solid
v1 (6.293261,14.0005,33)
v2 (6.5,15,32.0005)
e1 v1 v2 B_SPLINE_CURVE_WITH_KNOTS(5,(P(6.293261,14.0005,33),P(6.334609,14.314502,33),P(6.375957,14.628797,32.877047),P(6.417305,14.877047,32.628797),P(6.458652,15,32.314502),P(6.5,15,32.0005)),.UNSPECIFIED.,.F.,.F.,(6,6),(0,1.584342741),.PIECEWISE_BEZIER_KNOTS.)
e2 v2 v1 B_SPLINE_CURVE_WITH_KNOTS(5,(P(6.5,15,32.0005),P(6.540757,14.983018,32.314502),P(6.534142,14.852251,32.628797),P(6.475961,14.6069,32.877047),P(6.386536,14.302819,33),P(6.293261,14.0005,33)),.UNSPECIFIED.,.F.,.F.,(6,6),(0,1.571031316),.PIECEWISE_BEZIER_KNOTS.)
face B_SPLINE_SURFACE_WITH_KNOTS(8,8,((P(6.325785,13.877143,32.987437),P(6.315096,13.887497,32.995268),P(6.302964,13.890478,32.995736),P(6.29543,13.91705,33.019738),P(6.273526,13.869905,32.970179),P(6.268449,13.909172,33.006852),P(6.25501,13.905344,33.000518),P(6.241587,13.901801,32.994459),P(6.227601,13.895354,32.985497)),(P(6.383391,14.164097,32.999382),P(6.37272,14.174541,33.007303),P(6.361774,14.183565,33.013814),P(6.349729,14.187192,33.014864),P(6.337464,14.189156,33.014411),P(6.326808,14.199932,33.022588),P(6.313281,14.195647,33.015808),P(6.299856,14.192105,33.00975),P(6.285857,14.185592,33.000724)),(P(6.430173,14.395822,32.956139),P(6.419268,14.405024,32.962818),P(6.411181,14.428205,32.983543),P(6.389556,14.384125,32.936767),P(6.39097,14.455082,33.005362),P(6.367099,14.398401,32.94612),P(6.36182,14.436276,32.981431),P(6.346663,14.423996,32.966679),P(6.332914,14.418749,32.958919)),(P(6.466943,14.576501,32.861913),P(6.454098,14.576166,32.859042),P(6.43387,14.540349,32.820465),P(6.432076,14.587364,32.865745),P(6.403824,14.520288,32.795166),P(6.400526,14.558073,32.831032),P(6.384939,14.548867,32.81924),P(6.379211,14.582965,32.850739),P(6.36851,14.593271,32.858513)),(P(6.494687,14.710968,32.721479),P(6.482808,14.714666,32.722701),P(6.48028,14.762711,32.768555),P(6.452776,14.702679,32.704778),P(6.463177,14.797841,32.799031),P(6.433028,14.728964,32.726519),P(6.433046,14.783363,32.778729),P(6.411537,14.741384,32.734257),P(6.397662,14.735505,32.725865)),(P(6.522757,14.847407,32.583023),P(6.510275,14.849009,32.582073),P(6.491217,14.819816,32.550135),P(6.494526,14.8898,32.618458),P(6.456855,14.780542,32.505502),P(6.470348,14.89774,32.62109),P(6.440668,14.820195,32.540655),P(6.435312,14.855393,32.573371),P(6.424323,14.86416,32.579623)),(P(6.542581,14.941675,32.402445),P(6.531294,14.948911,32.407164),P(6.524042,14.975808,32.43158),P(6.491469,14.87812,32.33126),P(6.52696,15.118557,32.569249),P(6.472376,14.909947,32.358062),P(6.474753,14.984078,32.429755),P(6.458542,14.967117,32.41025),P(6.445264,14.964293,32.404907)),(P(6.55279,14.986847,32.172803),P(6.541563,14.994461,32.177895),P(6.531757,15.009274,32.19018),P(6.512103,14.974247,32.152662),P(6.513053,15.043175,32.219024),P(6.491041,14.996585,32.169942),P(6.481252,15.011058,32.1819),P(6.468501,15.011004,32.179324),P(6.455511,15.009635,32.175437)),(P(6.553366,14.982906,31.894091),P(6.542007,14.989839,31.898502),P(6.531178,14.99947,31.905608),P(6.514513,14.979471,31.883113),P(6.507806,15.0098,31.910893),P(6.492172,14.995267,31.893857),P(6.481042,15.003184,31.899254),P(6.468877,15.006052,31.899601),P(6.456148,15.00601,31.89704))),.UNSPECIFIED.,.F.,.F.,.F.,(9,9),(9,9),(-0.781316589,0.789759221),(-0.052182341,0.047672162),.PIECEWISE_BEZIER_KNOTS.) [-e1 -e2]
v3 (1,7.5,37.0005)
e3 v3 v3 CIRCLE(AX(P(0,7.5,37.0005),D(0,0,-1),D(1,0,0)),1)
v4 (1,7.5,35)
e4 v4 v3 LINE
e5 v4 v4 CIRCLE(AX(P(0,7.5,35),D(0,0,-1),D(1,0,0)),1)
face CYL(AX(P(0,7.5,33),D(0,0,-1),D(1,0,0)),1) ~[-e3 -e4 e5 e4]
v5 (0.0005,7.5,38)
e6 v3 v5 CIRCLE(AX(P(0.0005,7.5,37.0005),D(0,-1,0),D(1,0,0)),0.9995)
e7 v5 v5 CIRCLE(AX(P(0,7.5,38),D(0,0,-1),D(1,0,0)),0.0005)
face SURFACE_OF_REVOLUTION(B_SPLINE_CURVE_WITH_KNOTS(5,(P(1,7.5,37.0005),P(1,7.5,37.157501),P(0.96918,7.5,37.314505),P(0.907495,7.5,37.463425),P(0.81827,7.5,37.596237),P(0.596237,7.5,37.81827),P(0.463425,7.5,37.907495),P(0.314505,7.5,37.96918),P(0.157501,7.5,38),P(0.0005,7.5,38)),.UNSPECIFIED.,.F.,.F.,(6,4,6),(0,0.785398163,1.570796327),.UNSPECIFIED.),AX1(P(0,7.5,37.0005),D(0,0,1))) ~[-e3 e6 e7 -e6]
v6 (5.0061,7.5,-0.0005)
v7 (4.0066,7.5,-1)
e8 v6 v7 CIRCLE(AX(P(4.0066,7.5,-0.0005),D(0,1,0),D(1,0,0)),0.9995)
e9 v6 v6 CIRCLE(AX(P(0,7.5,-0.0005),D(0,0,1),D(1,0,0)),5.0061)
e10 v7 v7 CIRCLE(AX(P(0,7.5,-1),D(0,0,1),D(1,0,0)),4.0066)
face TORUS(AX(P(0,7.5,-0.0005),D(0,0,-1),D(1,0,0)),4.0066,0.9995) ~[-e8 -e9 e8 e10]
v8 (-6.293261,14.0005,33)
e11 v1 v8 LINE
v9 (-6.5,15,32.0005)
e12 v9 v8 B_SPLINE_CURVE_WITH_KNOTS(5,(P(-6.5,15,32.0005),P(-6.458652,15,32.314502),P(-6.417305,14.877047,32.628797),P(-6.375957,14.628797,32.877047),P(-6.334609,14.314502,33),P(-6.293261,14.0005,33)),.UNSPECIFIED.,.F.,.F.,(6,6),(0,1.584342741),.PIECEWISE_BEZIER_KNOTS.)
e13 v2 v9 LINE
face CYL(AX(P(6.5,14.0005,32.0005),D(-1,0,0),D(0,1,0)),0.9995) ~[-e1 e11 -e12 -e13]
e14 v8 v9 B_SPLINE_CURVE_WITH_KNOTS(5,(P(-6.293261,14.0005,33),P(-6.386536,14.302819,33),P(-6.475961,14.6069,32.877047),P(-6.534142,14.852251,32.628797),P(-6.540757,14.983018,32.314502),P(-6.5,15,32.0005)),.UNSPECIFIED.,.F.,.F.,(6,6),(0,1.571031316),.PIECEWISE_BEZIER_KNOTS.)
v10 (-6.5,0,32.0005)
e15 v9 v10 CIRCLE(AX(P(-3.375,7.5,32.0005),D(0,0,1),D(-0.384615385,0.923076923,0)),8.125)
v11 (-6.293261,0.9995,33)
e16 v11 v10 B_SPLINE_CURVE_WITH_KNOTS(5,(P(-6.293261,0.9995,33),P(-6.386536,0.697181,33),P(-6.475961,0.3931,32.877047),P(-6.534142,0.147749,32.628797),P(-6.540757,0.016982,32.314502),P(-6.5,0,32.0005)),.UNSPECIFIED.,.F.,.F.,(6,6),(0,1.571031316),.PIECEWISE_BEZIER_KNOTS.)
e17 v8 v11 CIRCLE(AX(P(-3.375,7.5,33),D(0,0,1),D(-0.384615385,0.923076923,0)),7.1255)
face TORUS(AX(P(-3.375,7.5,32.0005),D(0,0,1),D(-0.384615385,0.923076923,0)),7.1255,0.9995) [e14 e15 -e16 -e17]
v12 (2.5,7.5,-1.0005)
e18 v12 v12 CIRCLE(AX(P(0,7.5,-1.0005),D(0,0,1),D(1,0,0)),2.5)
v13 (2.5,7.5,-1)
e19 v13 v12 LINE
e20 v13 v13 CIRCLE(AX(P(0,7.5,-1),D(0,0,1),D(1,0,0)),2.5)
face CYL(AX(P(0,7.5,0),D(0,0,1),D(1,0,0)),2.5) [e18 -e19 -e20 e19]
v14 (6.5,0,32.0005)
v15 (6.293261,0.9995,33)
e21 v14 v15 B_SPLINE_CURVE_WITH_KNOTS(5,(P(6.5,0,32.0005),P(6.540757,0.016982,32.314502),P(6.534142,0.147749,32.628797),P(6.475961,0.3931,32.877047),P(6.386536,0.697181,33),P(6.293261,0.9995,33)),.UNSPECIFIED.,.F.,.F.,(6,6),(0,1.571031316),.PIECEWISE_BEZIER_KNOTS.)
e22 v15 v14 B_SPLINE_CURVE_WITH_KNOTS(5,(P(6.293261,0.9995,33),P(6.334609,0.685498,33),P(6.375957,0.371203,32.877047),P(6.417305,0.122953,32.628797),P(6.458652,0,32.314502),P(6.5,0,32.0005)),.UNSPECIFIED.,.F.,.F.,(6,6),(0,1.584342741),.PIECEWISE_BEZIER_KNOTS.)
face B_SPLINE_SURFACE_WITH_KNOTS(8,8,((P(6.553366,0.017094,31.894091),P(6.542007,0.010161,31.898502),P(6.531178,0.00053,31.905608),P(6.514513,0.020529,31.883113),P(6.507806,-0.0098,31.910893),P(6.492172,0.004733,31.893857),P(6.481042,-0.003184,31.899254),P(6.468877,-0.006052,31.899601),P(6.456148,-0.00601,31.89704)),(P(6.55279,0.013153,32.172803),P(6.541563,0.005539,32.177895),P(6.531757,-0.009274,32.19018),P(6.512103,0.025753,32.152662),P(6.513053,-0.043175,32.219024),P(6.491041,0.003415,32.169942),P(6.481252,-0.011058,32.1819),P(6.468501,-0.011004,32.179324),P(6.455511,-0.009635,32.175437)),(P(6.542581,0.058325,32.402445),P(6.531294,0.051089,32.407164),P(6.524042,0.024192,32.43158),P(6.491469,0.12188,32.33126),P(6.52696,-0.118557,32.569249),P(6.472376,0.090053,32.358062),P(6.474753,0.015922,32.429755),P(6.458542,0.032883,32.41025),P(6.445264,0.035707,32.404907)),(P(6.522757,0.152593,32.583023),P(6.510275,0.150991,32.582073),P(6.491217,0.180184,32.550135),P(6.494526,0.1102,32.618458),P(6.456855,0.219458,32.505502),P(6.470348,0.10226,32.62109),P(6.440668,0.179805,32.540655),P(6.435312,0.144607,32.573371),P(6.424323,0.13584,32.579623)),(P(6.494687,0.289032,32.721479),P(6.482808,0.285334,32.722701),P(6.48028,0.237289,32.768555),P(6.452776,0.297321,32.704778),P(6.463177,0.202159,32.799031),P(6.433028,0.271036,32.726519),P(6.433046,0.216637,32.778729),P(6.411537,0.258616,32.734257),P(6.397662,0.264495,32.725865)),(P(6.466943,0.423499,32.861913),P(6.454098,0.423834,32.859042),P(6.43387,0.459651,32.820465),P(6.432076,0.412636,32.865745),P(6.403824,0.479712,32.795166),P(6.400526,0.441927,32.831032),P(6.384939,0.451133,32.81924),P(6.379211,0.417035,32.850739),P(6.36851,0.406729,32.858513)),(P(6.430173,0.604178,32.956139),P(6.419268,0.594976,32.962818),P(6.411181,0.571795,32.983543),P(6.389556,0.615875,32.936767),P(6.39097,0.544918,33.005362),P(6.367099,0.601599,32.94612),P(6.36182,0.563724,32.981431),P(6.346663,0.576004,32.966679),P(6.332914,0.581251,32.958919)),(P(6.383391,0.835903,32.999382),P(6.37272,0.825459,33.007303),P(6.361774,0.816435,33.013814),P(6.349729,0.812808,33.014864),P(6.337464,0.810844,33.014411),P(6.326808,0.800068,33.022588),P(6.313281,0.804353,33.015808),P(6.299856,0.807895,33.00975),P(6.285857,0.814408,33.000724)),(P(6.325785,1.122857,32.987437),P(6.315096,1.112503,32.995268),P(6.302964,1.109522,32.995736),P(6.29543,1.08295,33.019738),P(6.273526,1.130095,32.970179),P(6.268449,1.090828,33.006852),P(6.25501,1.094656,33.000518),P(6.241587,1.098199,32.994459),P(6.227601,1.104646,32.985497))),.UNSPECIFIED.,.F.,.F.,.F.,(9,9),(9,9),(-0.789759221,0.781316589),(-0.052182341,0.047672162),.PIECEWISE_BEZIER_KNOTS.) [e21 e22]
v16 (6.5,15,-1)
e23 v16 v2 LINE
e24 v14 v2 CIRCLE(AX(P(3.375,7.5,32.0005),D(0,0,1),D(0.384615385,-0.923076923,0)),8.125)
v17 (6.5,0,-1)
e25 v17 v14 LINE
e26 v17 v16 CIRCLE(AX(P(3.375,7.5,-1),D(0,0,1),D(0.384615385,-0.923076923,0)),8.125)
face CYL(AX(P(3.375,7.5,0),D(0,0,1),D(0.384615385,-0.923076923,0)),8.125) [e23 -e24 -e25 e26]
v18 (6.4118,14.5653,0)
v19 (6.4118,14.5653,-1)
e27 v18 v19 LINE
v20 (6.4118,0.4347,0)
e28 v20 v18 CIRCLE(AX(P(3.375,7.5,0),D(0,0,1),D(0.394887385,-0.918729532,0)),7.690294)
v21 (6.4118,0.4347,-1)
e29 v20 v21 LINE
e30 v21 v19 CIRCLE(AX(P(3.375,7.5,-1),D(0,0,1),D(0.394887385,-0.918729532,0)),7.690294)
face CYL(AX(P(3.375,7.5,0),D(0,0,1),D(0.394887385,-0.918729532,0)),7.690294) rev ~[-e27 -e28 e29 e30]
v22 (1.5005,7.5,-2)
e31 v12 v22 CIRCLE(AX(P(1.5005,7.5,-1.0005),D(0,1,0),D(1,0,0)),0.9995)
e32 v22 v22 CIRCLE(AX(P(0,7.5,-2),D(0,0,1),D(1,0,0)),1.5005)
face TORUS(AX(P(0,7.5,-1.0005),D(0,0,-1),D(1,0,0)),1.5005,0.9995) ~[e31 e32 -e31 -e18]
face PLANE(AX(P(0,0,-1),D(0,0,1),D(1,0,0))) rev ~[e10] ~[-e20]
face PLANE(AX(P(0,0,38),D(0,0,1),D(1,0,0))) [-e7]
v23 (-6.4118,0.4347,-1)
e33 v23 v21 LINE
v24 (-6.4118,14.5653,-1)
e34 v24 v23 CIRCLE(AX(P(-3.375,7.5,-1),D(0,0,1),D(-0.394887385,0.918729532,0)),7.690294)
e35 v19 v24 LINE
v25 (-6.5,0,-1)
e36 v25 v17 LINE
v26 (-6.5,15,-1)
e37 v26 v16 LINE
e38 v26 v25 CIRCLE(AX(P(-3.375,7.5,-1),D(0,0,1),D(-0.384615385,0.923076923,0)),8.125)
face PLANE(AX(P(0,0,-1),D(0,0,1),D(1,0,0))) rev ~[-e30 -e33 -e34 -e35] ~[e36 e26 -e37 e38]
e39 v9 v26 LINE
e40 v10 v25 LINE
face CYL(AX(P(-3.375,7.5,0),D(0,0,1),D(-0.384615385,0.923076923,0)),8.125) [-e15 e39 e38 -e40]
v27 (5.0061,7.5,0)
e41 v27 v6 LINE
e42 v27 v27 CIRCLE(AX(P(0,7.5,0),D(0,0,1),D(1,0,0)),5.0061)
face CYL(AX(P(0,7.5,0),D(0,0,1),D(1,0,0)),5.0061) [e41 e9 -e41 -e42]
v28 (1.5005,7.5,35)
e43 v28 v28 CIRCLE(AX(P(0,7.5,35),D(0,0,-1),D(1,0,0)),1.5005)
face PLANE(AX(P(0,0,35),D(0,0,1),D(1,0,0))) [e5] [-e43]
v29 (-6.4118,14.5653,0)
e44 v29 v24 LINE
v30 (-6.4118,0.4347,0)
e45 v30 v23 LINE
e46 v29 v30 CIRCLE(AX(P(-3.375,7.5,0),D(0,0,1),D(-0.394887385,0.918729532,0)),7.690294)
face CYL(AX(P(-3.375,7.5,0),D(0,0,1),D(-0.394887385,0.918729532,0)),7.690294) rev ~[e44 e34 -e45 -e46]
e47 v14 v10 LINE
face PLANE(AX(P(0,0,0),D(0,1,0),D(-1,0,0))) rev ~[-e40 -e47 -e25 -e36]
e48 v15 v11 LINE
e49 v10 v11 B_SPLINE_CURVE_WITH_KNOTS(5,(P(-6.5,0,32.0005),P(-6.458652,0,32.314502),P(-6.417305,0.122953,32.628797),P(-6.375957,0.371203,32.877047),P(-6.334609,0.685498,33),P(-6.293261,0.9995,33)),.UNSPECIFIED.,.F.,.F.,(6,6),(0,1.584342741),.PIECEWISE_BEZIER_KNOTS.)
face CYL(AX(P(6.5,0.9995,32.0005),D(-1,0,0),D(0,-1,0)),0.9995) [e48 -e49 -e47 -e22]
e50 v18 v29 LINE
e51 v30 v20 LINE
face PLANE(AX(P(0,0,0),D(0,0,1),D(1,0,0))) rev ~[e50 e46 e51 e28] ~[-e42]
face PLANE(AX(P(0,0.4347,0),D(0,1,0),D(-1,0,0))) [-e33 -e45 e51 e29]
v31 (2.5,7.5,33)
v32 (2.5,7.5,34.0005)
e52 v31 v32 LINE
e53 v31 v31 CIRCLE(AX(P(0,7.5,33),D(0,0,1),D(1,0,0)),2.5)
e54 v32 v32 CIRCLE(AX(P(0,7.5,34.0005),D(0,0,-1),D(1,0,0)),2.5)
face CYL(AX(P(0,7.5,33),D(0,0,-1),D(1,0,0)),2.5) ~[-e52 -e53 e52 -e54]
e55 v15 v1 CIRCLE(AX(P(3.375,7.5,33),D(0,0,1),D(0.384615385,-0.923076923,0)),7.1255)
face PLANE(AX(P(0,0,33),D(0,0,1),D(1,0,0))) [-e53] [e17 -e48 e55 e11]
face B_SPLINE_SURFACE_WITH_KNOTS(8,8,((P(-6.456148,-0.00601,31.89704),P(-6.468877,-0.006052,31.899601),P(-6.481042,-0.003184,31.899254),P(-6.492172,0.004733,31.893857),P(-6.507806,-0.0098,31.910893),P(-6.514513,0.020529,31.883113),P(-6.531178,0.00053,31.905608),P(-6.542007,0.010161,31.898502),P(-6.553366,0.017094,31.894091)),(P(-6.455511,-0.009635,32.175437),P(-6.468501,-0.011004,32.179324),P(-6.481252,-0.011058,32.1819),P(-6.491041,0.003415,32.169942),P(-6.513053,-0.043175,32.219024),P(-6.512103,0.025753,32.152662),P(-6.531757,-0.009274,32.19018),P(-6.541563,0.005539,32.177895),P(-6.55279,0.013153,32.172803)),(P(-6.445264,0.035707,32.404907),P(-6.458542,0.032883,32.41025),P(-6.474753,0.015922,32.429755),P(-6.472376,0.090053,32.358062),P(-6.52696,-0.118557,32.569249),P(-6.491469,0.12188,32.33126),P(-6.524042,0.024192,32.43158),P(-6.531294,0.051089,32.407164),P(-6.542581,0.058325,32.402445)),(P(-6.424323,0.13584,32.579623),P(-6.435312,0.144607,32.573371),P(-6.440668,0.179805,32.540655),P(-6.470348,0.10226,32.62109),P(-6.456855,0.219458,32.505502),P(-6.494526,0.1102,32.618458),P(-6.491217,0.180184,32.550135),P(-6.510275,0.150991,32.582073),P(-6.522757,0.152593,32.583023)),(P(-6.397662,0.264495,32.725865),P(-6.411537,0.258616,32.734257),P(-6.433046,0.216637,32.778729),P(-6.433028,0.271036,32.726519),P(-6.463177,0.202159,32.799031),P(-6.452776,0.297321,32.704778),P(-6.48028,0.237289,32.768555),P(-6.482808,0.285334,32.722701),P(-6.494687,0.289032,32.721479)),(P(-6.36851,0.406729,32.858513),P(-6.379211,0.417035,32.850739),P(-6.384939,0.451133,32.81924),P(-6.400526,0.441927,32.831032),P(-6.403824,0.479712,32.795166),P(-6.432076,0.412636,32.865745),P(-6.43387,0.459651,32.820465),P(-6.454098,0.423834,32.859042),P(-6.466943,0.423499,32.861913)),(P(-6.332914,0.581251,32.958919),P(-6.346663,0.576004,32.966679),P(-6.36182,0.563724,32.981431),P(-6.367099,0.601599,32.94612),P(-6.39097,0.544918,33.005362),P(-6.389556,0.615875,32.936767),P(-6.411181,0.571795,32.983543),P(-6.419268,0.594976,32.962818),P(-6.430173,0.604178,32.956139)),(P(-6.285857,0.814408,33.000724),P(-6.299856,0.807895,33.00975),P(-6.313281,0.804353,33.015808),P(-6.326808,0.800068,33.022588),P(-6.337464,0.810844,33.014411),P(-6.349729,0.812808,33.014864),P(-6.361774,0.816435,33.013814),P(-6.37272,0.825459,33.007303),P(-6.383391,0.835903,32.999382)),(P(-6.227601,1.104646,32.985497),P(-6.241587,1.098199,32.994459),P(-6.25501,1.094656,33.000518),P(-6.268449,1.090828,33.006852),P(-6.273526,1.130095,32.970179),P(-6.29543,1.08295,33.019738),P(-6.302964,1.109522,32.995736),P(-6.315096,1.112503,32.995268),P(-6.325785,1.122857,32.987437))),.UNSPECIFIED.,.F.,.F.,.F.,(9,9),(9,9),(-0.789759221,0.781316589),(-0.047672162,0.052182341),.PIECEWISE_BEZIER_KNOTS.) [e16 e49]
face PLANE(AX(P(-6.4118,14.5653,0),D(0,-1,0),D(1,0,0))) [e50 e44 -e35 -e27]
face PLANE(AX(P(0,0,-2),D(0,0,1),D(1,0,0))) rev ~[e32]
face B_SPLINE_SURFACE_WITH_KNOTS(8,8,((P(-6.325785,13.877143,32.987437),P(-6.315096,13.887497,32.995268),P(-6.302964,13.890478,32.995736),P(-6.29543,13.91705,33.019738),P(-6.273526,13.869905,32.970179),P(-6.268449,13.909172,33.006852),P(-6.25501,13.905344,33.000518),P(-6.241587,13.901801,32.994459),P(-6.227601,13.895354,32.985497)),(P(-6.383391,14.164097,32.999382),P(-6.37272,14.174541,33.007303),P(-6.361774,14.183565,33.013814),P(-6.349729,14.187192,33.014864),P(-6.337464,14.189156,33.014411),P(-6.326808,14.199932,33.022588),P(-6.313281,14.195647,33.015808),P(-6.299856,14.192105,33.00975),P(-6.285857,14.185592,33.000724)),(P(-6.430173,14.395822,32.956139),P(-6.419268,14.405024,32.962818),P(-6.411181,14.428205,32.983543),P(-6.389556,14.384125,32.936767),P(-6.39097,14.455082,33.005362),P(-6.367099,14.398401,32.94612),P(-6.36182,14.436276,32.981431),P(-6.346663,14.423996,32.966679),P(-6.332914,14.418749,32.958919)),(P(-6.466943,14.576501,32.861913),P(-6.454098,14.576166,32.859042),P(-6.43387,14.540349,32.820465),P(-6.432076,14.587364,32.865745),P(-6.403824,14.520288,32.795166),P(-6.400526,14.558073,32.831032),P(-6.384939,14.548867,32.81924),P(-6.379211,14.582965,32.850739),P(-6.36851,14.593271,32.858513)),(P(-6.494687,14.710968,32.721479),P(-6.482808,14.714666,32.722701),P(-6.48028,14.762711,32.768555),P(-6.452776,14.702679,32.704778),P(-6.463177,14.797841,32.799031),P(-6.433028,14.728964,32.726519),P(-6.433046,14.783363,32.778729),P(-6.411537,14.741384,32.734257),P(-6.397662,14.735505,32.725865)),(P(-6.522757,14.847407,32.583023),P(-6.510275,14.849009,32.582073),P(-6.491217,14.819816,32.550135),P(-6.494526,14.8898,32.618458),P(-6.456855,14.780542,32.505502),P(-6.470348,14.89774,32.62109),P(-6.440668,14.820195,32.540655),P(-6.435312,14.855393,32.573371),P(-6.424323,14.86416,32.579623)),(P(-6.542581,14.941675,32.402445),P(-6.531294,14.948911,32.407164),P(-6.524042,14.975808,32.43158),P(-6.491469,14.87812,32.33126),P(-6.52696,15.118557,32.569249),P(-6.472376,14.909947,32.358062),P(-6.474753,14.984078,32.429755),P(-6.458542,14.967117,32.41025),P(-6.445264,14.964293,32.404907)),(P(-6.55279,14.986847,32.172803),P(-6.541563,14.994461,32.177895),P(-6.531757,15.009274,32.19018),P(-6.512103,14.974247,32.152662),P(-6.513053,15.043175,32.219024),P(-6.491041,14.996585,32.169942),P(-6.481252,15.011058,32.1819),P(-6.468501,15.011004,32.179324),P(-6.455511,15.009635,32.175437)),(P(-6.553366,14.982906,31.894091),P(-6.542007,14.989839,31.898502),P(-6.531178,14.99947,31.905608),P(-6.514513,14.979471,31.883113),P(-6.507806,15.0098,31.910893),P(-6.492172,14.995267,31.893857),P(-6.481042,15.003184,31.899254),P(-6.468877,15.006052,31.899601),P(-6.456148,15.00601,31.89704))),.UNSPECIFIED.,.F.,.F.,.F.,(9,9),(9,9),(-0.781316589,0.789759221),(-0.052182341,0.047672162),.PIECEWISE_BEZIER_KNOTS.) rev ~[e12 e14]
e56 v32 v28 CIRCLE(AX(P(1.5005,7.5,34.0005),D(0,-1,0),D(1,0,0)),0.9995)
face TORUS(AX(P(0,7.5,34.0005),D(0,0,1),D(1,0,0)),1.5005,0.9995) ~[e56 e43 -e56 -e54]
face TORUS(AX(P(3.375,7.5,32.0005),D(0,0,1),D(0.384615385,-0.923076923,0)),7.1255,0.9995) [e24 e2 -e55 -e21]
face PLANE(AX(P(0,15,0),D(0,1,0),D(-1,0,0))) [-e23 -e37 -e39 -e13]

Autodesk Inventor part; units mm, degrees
ref_plane "YZ Plane" through (0, 0, 0) normal (1, 0, 0) x (0, 1, 0)
ref_plane "XZ Plane" through (0, 0, 0) normal (0, 1, 0) x (-1, 0, 0)
ref_plane "XY Plane" through (0, 0, 0) normal (0, 0, 1) x (1, 0, 0)
sketch "Boceto1" plane through (0, 0, 0) normal (0, 0, 1) x (1, 0, 0)
  line L0 (0, 0) -> (6.5, 0)
  arc A0 (6.5, 0) -> (6.5, 15) centre (3.375, 7.5) ccw
  circle A1 centre (0, 7.5) radius 2.5
  line L1 (6.5, 15) -> (0, 15)
  circle A2 centre (0, 7.5) radius 5.0061
  line L2 (0, 0) -> (-6.5, 0)
  line L3 (0, 15) -> (-6.5, 15)
  arc A3 (-6.5, 15) -> (-6.5, 0) centre (-3.375, 7.5) ccw
  line L4 (0, 14.5653) -> (6.4118, 14.5653)
  arc A4 (6.4118, 0.4347) -> (6.4118, 14.5653) centre (3.375, 7.5) ccw
  line L5 (6.4118, 0.4347) -> (0, 0.4347)
  line L6 (0, 0.4347) -> (-6.4118, 0.4347)
  arc A5 (-6.4118, 14.5653) -> (-6.4118, 0.4347) centre (-3.375, 7.5) ccw
  line L7 (-6.4118, 14.5653) -> (0, 14.5653)
  dimension "d0" = 6.5
  dimension "d1" = 15
  dimension "d3" = 5
  dimension "d4" = 6.5
extrude "Extrusión1" add sketch "Boceto1" along normal blind 33 contours L2 A3 L3 L1 A0 L0 | A1 | A2 | L4 A4 L5 L6 A5 L7
extrude "Extrusión2" add sketch "Boceto1" against normal blind 2 contours A1
extrude "Extrusión3" add sketch "Boceto1" against normal blind 1 contours A2
sketch "Boceto2" plane through (0, 0, 33) normal (0, 0, 1) x (1, 0, 0)
  line L0 (0, 0) -> (0, 15)
  line L1 (6.5, 15) -> (-6.5, 15) projected
  circle A0 centre (0, 7.5) radius 2.5
  circle A1 centre (0, 7.5) radius 1
  dimension "d12" = 5
  dimension "d13" = 2
extrude "Extrusión4" add sketch "Boceto2" along normal blind 2 contours A0 L0 A1 | L0 A1 A0
extrude "Extrusión5" add sketch "Boceto2" along normal blind 5 contours A1 L0 | L0 A1
extrude "Extrusión6" add sketch "Boceto1" against normal blind 1 contours L2 A3 L3 L1 A0 L0
fillet "Empalme1" radius 1 8 edges at (-2.5, 7.5, -2) (-5.0061, 7.5, -1) (11.5, 7.5, 33) (0, 15, 33) (0, 0, 33) (-11.5, 7.5, 33) (-2.5, 7.5, 35) (-1, 7.5, 38)
properties part number "Motor" material "Acero inoxidable"
